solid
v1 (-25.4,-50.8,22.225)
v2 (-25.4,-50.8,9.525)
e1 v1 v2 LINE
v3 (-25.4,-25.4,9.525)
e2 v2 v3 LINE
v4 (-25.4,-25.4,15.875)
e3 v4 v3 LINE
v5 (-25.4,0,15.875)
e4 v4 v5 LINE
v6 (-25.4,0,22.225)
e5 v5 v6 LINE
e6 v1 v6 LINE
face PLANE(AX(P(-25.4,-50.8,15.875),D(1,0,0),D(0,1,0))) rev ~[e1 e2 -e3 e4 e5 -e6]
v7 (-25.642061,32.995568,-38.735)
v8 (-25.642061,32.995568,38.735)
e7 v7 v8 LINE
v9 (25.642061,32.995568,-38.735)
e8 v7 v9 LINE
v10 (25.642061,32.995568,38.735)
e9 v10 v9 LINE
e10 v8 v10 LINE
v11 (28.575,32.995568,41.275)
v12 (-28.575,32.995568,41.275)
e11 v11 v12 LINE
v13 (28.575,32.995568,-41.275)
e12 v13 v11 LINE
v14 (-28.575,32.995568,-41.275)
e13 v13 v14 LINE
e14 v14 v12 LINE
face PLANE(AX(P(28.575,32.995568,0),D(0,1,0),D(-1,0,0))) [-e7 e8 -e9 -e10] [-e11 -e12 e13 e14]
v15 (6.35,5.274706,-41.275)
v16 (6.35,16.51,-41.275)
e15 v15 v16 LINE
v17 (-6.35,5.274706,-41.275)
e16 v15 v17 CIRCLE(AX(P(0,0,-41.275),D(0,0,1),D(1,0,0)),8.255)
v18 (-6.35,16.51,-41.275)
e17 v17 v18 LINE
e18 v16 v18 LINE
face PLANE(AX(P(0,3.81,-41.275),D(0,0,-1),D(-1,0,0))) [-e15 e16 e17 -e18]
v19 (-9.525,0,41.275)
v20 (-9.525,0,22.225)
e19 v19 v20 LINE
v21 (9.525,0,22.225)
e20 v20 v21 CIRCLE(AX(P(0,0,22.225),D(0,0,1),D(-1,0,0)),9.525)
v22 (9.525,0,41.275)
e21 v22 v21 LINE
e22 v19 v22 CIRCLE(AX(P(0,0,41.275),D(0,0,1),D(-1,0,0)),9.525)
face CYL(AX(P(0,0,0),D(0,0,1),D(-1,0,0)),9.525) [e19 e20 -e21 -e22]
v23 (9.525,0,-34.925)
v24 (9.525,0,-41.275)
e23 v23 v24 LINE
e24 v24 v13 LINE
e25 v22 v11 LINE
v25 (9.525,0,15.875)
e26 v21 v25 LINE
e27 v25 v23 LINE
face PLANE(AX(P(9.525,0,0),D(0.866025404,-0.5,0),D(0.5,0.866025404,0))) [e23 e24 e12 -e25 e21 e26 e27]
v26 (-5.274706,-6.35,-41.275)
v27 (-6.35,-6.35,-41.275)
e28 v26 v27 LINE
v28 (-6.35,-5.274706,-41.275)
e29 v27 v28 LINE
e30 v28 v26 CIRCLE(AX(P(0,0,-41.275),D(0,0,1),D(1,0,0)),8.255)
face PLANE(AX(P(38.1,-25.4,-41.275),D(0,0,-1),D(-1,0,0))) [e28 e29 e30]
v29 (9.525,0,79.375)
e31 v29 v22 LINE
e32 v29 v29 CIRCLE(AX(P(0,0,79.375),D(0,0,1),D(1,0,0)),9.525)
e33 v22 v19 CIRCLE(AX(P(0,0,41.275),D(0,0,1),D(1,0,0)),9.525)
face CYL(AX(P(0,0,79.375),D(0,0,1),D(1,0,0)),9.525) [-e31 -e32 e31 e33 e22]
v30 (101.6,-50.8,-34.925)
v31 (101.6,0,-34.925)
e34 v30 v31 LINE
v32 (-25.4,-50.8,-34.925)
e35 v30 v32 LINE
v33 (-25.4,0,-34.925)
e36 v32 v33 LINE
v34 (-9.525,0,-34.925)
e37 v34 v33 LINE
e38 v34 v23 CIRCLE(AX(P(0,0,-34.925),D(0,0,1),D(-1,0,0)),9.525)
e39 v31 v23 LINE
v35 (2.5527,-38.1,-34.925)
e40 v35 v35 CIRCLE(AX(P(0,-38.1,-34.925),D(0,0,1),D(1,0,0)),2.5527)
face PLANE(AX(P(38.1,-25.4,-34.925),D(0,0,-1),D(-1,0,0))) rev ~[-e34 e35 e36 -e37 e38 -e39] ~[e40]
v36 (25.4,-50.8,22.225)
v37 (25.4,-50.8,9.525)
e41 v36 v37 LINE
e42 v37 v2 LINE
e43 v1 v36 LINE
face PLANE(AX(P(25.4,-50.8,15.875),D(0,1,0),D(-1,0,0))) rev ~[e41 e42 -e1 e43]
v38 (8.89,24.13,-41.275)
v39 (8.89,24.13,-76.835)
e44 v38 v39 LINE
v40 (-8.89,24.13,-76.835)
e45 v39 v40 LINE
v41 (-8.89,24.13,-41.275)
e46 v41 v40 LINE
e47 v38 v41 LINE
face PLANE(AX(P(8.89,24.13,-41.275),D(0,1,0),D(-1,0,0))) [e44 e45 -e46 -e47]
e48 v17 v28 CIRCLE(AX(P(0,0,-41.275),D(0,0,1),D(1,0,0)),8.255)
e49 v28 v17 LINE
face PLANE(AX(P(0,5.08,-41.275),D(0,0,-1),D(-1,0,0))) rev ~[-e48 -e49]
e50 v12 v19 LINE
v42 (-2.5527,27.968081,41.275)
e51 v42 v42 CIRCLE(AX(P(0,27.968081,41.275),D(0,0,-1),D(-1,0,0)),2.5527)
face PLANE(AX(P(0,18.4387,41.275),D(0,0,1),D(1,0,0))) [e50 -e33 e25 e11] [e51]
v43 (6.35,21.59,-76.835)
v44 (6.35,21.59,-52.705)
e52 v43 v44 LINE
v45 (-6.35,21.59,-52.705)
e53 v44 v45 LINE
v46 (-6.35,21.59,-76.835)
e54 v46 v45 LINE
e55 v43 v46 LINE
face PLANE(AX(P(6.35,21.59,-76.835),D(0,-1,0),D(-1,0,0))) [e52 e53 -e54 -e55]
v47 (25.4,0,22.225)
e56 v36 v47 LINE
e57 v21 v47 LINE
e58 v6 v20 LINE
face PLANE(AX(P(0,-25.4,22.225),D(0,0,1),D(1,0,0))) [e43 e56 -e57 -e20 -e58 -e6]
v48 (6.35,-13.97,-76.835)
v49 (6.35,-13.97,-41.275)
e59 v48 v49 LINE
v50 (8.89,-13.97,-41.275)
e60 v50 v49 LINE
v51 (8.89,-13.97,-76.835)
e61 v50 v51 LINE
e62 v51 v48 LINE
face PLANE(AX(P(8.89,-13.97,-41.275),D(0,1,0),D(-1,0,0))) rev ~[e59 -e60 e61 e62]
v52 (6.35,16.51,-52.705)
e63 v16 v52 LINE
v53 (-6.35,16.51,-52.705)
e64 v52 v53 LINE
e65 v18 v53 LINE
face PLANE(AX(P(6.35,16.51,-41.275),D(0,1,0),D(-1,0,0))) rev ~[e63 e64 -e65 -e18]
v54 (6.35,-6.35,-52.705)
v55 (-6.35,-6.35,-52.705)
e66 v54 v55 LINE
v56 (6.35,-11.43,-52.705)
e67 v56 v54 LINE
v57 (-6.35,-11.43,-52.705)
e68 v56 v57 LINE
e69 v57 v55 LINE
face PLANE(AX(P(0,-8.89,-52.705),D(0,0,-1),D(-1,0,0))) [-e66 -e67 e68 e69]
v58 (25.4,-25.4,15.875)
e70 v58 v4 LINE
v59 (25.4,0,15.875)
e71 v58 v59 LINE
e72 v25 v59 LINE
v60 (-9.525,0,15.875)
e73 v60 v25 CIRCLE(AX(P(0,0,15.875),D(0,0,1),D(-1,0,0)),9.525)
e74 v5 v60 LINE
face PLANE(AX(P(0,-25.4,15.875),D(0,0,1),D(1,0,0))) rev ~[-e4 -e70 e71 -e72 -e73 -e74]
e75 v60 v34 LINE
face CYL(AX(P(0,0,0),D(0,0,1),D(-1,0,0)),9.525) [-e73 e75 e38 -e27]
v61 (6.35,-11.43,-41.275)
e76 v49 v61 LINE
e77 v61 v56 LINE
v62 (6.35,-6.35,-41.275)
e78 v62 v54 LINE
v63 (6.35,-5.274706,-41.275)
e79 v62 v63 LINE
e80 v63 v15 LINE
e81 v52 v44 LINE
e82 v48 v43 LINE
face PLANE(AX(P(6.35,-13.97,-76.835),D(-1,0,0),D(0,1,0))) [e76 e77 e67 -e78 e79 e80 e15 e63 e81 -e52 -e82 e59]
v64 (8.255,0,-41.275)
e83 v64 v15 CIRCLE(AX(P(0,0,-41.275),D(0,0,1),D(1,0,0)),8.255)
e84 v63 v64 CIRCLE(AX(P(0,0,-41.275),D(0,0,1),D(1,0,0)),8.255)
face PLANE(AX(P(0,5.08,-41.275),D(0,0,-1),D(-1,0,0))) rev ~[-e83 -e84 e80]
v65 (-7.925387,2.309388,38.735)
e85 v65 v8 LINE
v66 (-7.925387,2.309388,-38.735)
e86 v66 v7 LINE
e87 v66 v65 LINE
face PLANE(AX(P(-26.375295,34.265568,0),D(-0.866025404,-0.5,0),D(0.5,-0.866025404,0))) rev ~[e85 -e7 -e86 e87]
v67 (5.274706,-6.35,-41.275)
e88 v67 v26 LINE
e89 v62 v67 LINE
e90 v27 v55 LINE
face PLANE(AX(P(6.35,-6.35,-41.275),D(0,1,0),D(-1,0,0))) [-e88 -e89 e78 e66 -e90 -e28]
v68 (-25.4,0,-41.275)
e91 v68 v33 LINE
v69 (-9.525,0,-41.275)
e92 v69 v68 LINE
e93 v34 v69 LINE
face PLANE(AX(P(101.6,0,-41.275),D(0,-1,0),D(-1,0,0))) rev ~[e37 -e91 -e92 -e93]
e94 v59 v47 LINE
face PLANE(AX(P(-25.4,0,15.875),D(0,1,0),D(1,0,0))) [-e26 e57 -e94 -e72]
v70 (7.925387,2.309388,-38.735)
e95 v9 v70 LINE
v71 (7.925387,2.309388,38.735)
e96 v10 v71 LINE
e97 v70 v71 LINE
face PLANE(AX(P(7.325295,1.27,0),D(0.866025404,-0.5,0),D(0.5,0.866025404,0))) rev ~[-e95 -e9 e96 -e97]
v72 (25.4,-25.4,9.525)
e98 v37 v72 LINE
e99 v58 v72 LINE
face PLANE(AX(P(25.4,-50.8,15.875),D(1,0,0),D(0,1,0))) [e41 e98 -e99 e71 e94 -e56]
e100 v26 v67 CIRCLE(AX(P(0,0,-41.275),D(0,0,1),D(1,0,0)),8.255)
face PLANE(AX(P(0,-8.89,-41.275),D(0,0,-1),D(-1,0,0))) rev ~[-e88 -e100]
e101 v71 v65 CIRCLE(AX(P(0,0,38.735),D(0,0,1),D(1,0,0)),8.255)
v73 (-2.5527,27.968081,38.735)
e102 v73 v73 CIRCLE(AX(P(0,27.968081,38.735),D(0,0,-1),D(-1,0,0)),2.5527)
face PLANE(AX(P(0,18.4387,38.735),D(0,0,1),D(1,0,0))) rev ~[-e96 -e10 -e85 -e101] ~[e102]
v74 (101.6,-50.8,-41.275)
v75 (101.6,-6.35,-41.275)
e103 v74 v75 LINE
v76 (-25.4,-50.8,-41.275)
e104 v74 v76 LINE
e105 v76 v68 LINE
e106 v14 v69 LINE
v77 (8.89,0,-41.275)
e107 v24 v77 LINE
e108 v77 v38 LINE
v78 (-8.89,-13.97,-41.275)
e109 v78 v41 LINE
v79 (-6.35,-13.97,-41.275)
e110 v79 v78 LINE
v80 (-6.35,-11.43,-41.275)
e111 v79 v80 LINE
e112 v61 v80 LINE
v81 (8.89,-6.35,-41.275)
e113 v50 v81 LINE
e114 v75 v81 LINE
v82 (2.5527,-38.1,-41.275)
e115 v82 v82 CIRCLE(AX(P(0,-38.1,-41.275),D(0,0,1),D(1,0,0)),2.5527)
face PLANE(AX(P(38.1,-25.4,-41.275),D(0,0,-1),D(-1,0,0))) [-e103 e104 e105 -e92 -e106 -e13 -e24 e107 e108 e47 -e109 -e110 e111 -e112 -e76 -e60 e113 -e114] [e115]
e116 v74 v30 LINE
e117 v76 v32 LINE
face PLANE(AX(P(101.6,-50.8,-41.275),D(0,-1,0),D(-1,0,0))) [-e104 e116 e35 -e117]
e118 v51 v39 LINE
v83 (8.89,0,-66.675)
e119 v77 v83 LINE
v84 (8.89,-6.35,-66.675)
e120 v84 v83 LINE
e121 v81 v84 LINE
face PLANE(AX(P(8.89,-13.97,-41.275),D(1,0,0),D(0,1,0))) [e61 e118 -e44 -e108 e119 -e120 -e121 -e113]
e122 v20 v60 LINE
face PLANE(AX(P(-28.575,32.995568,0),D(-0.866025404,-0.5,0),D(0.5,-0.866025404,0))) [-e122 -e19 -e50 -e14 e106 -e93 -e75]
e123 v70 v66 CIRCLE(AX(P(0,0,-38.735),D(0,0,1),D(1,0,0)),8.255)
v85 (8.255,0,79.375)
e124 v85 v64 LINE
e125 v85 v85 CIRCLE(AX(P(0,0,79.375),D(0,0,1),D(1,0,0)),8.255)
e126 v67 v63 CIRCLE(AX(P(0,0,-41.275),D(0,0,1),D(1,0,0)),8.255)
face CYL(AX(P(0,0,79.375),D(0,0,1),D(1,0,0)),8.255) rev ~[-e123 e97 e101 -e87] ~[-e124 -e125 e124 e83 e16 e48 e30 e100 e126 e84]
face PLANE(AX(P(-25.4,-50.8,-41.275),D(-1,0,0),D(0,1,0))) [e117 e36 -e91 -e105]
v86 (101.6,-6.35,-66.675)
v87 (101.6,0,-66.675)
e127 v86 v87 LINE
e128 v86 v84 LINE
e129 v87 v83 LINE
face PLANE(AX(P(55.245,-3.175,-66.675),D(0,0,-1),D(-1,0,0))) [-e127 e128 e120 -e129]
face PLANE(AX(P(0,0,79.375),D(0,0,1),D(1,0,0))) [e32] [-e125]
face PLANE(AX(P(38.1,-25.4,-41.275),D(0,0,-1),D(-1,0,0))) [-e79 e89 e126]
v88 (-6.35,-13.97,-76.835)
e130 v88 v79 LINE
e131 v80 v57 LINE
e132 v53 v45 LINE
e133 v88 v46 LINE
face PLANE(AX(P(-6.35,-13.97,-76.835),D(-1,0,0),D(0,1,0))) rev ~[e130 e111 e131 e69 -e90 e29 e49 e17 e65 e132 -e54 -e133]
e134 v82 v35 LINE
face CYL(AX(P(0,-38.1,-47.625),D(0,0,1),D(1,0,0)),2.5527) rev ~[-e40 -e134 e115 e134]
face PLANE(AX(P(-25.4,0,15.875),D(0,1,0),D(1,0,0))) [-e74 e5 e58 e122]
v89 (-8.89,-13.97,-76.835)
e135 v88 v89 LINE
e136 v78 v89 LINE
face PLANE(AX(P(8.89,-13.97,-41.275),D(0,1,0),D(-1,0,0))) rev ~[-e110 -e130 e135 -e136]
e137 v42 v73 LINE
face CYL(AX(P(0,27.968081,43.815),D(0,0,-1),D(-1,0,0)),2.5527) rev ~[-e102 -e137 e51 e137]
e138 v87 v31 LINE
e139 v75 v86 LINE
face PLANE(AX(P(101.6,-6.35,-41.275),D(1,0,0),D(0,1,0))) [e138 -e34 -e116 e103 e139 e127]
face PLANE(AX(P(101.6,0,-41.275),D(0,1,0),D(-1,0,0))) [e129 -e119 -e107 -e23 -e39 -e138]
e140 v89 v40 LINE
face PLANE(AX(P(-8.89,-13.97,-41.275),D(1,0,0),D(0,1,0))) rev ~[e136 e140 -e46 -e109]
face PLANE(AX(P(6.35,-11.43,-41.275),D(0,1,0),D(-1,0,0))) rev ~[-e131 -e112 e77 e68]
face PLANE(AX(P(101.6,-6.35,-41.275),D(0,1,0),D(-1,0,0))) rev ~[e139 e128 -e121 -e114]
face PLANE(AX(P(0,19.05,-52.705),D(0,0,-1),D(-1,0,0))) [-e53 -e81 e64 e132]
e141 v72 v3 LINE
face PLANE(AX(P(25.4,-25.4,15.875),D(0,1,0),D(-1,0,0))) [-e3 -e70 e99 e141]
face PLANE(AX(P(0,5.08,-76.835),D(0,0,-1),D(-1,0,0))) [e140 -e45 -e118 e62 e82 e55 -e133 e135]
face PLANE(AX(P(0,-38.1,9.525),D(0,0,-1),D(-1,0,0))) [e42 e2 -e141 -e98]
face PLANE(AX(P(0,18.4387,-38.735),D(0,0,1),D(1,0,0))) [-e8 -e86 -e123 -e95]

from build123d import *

# Parameters (mm, degrees)
BOSS_EXTRUDE1_DEPTH         = 41.275
SHELL1_T                    = -2.54
BOSS_EXTRUDE2_START         = 38.1
SKETCH3_R                   = 9.525
BOSS_EXTRUDE2_DEPTH         = 38.1
SKETCH5_W                   = 127
SKETCH5_H                   = 50.8
BOSS_EXTRUDE3_DEPTH         = 6.35
SKETCH6_W                   = 50.8
SKETCH6_H                   = 50.8
BOSS_EXTRUDE4_DEPTH         = 6.35
SKETCH4_R                   = 8.255
CUT_EXTRUDE1_DEPTH          = 166.709452054
F_1_4_20_TAPPED_HOLE1_D     = 5.1054
F_1_4_20_TAPPED_HOLE1_DEPTH = 2.54
F_1_4_20_TAPPED_HOLE2_D     = 5.1054
F_1_4_20_TAPPED_HOLE2_DEPTH = 6.35
SKETCH24_W                  = 50.8
SKETCH24_H                  = 25.4
BOSS_EXTRUDE5_DEPTH         = 6.35
SKETCH25_W                  = 17.78
SKETCH25_H                  = 38.1
BOSS_EXTRUDE6_DEPTH         = 35.56
SKETCH26_W                  = 12.7
SKETCH26_H                  = 35.56
CUT_EXTRUDE2_DEPTH          = 35.56
SKETCH27_W                  = 12.7
SKETCH27_H                  = 5.08
BOSS_EXTRUDE7_DEPTH         = 11.43
SKETCH28_W                  = 92.71
SKETCH28_H                  = 6.35
BOSS_EXTRUDE8_DEPTH         = 25.4


with BuildPart() as part:
    # Sketch2 → Boss-Extrude1 (new, symmetric)
    with BuildSketch(Plane.XY):
        with BuildLine():
            Line((9.525, 0), (28.575, 32.995567884))
            Line((28.575, 32.995567884), (-28.575, 32.995567884))
            Line((-28.575, 32.995567884), (-9.525, 0))
            ThreePointArc((-9.525, 0), (0, -9.525), (9.525, 0))
        make_face()
    extrude(amount=BOSS_EXTRUDE1_DEPTH, both=True)

    # Shell1
    shell1_openings = [part.faces().sort_by_distance(p)[0] for p in [
        (0, 32.995567884, 0),
    ]]
    offset(amount=SHELL1_T, openings=shell1_openings, kind=Kind.INTERSECTION)

    # Sketch3 → Boss-Extrude2 (add)
    with BuildSketch(Plane.XY.offset(41.275).offset(BOSS_EXTRUDE2_START)):
        Circle(SKETCH3_R)
    extrude(amount=-BOSS_EXTRUDE2_DEPTH)

    # Sketch5 → Boss-Extrude3 (add)
    with BuildSketch(Plane(origin=(0, 0, -41.275), x_dir=(-1, 0, 0), z_dir=(0, 0, -1))):
        with Locations((-38.1, -25.4)):
            Rectangle(SKETCH5_W, SKETCH5_H)
    extrude(amount=-BOSS_EXTRUDE3_DEPTH)

    # Sketch6 → Boss-Extrude4 (add)
    with BuildSketch(Plane.XY.offset(15.875)):
        with Locations((0, -25.4)):
            Rectangle(SKETCH6_W, SKETCH6_H)
    extrude(amount=BOSS_EXTRUDE4_DEPTH)

    # Sketch4 → Cut-Extrude1 (cut, through all)
    with BuildSketch(Plane.XY.offset(79.375)):
        Circle(SKETCH4_R)
    extrude(amount=-CUT_EXTRUDE1_DEPTH, mode=Mode.SUBTRACT)

    # 1/4-20 Tapped Hole1
    with Locations(Plane.XY.offset(41.275)):
        with Locations((0, 27.968080693)):
            Hole(F_1_4_20_TAPPED_HOLE1_D / 2, depth=F_1_4_20_TAPPED_HOLE1_DEPTH)

    # 1/4-20 Tapped Hole2
    with Locations(Plane(origin=(0, 0, -41.275), x_dir=(-1, 0, 0), z_dir=(0, 0, -1))):
        with Locations((0, -38.1)):
            Hole(F_1_4_20_TAPPED_HOLE2_D / 2, depth=F_1_4_20_TAPPED_HOLE2_DEPTH)

    # Sketch24 → Boss-Extrude5 (add)
    with BuildSketch(Plane(origin=(0, 0, 15.875), x_dir=(-1, 0, 0), z_dir=(0, 0, -1))):
        with Locations((0, -38.1)):
            Rectangle(SKETCH24_W, SKETCH24_H)
    extrude(amount=BOSS_EXTRUDE5_DEPTH)

    # Sketch25 → Boss-Extrude6 (add)
    with BuildSketch(Plane(origin=(0, 0, -41.275), x_dir=(-1, 0, 0), z_dir=(0, 0, -1))):
        with Locations((0, 5.08)):
            Rectangle(SKETCH25_W, SKETCH25_H)
    extrude(amount=BOSS_EXTRUDE6_DEPTH)

    # Sketch26 → Cut-Extrude2 (cut)
    with BuildSketch(Plane(origin=(0, 0, -76.835), x_dir=(-1, 0, 0), z_dir=(0, 0, -1))):
        with Locations((0, 3.81)):
            Rectangle(SKETCH26_W, SKETCH26_H)
    extrude(amount=-CUT_EXTRUDE2_DEPTH, mode=Mode.SUBTRACT)

    # Sketch27 → Boss-Extrude7 (add)
    with BuildSketch(Plane(origin=(0, 0, -41.275), x_dir=(-1, 0, 0), z_dir=(0, 0, -1))):
        with Locations((0, 19.05)):
            Rectangle(SKETCH27_W, SKETCH27_H)
        with Locations((0, -8.89)):
            Rectangle(SKETCH27_W, SKETCH27_H)
    extrude(amount=BOSS_EXTRUDE7_DEPTH)

    # Sketch28 → Boss-Extrude8 (add)
    with BuildSketch(Plane(origin=(0, 0, -41.275), x_dir=(-1, 0, 0), z_dir=(0, 0, -1))):
        with Locations((-55.245, -3.175)):
            Rectangle(SKETCH28_W, SKETCH28_H)
    extrude(amount=BOSS_EXTRUDE8_DEPTH)


solid = part.part
